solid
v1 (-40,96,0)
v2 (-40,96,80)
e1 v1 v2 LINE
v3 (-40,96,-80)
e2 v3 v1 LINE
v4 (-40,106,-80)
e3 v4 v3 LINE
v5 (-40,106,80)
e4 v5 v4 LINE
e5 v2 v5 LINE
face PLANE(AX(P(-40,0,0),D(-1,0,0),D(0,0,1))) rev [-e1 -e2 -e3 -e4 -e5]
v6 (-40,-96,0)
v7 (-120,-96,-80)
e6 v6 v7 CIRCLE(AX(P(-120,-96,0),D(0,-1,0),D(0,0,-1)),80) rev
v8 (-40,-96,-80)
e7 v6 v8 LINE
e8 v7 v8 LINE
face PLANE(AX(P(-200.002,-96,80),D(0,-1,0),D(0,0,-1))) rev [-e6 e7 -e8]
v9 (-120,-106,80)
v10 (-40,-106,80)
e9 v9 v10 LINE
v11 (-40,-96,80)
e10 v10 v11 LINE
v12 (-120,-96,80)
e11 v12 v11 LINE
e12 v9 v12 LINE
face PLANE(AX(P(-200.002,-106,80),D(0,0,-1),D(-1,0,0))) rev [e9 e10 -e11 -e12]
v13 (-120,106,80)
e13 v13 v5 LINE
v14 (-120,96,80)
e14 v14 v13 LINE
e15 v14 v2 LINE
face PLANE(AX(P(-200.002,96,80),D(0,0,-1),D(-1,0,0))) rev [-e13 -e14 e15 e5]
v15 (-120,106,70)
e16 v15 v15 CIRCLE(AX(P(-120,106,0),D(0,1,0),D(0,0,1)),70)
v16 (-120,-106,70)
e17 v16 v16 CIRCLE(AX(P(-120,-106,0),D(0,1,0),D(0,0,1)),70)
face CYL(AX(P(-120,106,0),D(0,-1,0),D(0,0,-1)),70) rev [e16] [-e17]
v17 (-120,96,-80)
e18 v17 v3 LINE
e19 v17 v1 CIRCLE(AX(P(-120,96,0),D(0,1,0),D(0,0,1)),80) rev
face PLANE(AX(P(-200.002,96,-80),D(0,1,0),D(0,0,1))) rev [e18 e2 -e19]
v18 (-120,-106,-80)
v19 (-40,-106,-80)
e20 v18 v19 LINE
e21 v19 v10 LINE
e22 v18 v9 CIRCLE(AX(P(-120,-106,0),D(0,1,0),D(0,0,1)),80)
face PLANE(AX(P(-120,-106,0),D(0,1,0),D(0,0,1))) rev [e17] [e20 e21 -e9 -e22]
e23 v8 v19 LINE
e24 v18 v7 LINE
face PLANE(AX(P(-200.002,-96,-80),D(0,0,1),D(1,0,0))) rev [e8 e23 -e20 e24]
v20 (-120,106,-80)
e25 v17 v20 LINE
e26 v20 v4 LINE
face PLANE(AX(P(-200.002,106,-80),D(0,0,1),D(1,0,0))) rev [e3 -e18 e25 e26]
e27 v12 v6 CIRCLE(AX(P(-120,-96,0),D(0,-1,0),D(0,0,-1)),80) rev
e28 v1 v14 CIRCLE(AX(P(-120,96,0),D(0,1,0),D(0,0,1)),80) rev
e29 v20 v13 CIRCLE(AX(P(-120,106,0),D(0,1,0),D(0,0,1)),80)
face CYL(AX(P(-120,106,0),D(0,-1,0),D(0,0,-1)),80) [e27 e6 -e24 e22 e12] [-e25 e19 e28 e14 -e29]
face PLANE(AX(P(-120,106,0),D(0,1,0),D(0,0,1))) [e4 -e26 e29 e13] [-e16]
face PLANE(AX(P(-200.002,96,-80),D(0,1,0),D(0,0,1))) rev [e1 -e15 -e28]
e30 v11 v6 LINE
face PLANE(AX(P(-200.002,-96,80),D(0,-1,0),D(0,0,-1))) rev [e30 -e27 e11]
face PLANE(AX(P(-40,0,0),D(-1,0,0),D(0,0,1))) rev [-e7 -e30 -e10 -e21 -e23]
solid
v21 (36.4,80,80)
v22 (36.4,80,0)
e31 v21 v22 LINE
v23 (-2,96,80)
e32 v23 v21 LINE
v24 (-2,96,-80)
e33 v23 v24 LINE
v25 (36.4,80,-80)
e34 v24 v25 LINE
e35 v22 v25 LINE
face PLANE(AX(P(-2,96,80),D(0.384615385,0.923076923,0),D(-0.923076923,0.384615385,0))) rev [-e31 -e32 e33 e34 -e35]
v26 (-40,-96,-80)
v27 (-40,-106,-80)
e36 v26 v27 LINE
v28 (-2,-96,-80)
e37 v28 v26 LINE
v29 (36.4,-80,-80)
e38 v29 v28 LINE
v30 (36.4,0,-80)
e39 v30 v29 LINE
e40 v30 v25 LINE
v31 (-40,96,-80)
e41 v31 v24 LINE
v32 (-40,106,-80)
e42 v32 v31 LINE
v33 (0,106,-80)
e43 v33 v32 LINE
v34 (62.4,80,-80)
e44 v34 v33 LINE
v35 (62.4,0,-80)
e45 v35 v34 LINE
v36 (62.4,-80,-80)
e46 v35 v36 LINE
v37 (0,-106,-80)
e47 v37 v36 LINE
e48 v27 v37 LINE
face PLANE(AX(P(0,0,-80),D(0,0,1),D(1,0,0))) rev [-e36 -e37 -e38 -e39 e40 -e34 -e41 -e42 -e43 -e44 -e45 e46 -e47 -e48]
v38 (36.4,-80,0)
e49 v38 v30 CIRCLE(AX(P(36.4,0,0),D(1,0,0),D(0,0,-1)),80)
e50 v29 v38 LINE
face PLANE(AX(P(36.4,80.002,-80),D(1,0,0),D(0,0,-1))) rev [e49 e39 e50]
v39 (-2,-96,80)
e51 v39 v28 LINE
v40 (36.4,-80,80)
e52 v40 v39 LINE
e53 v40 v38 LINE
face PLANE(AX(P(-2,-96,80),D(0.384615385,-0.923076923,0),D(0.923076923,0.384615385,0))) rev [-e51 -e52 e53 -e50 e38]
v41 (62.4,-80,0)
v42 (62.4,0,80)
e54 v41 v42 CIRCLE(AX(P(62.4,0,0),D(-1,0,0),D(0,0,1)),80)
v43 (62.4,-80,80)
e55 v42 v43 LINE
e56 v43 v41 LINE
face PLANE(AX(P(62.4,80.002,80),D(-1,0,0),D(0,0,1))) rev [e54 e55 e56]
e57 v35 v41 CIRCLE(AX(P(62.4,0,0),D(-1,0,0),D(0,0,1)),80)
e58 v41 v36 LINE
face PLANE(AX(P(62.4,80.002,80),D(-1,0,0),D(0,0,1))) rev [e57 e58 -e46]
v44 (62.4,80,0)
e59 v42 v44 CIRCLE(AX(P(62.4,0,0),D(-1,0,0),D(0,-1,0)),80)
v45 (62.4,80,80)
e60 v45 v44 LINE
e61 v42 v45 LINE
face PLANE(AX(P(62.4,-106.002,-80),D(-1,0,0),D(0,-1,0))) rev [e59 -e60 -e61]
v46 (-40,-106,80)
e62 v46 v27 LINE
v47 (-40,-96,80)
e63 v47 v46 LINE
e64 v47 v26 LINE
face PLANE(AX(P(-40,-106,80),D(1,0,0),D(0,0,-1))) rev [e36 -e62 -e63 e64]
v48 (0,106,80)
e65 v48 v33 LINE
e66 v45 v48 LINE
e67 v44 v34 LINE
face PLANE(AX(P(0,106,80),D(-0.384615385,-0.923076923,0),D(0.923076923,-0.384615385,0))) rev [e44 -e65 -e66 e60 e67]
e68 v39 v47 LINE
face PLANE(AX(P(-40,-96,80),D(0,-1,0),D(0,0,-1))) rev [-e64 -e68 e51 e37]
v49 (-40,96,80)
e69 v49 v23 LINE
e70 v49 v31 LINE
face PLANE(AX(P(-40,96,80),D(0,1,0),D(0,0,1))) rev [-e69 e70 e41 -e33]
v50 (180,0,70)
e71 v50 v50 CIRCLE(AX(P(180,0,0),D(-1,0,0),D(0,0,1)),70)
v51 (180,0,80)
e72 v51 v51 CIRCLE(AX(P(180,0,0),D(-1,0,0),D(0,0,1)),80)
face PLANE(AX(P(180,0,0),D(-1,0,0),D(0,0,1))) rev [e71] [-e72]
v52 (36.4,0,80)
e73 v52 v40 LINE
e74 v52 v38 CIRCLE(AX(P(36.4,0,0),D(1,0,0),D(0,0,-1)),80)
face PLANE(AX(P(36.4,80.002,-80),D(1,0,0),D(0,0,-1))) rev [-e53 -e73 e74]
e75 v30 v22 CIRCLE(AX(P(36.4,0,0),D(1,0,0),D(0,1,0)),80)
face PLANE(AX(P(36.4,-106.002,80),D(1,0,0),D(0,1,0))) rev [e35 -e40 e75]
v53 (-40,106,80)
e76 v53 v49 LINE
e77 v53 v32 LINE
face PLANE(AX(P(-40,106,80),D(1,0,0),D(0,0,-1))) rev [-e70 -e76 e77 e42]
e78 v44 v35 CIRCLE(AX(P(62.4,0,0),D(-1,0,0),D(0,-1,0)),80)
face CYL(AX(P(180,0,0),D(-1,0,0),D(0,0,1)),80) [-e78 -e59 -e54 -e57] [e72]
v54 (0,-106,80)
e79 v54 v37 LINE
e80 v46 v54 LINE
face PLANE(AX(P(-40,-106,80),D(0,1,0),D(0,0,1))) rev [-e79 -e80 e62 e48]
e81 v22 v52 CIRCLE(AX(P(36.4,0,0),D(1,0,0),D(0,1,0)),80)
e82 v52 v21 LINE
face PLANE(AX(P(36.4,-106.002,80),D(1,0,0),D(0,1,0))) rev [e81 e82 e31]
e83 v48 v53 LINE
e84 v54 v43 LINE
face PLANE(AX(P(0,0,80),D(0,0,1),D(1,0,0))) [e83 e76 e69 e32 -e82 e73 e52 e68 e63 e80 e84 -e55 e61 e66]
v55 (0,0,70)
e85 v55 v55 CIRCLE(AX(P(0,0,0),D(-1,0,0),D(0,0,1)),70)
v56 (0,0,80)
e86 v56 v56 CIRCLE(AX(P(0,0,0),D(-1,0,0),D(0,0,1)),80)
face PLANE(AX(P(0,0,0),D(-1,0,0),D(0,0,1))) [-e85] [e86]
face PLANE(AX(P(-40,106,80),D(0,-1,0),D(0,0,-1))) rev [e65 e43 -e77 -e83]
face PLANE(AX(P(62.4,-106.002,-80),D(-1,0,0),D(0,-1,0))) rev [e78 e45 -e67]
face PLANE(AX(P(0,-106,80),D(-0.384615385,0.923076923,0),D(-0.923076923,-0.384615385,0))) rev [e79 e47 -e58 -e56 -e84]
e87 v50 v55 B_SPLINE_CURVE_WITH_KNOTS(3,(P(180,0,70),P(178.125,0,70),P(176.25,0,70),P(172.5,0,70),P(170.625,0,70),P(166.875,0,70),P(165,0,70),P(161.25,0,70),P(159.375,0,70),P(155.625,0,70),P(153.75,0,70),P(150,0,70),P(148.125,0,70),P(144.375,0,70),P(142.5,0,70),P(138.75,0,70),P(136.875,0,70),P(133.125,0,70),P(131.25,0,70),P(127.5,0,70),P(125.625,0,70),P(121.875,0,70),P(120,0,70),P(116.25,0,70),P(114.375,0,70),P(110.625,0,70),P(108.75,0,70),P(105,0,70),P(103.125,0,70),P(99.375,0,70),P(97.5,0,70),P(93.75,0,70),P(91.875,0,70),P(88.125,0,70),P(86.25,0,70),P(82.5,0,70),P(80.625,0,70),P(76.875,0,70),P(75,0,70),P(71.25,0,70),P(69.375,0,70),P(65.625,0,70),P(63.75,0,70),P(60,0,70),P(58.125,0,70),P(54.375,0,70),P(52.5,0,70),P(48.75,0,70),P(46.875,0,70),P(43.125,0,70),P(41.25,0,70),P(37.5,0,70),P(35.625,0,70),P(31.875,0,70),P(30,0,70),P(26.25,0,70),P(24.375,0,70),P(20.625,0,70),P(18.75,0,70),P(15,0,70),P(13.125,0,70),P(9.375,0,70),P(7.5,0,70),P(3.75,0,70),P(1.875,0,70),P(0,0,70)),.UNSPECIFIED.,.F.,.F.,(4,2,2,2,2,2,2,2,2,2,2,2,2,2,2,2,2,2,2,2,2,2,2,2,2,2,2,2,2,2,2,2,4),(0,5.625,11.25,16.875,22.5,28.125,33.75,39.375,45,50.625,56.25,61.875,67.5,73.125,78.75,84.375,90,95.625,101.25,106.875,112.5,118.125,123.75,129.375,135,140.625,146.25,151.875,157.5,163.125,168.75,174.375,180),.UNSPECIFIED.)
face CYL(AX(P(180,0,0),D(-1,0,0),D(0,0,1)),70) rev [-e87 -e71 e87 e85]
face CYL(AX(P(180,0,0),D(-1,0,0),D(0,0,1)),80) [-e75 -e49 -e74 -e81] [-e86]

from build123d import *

# Parameters (mm, degrees)
SKETCH1_R                = 80
SKETCH1_R_2              = 70
BOSS_EXTRUDE1_DEPTH      = 106
SKETCH2_R                = 80
SKETCH2_R_2              = 70
BOSS_EXTRUDE2_DEPTH      = 180
BOSS_EXTRUDE4_DEPTH      = 80
BOSS_EXTRUDE4_2_DEPTH    = 80
BOSS_EXTRUDE8_REACH      = 258.975
BOSS_EXTRUDE8_END_RADIUS = 80
SKETCH6_W                = 160
SKETCH6_H                = 10
BOSS_EXTRUDE9_REACH      = 286.598
SKETCH7_W                = 26
SKETCH7_H                = 160
BOSS_EXTRUDE10_REACH     = 286.598
SKETCH9_W                = 26
SKETCH9_H                = 160


with BuildPart() as part:
    # Sketch1 → Boss-Extrude1 (new, symmetric)
    with BuildSketch(Plane(origin=(0, 0, 0), x_dir=(1, 0, 0), z_dir=(0, 1, 0))):
        with Locations(Location((-120, 0, 0), (0, 0, 270))):
            Circle(SKETCH1_R)
        with Locations(Location((-120, 0, 0), (0, 0, 270))):
            Circle(SKETCH1_R_2, mode=Mode.SUBTRACT)
    extrude(amount=BOSS_EXTRUDE1_DEPTH, both=True)

    # Boss-Extrude8: up to this cylinder (the profile starts outside it)
    boss_extrude8_end = Plane(origin=(-120, 0, 0), z_dir=(0, -1, 0)) * Cylinder(BOSS_EXTRUDE8_END_RADIUS, 880.95, mode=Mode.PRIVATE)
    # Sketch6 → Boss-Extrude8 (add, up to the surface)
    with BuildSketch(Plane.ZY.offset(40), mode=Mode.PRIVATE) as boss_extrude8_sk1:
        with Locations((0, -101)):
            Rectangle(SKETCH6_W, SKETCH6_H)
    boss_extrude8_tool1 = extrude(boss_extrude8_sk1.sketch, amount=BOSS_EXTRUDE8_REACH, mode=Mode.PRIVATE) - boss_extrude8_end
    add(boss_extrude8_tool1.solids().sort_by_distance((-40, -101, 0))[0])
    add(boss_extrude8_tool1.solids().sort_by_distance((-40, -101, 0))[1])
    # Sketch6 → Boss-Extrude8 (add, up to the surface)
    with BuildSketch(Plane.ZY.offset(40), mode=Mode.PRIVATE) as boss_extrude8_sk2:
        with Locations((0, 101)):
            Rectangle(SKETCH6_W, SKETCH6_H)
    boss_extrude8_tool2 = extrude(boss_extrude8_sk2.sketch, amount=BOSS_EXTRUDE8_REACH, mode=Mode.PRIVATE) - boss_extrude8_end
    add(boss_extrude8_tool2.solids().sort_by_distance((-40, 101, 0))[0])
    add(boss_extrude8_tool2.solids().sort_by_distance((-40, 101, 0))[1])


with BuildPart() as body_2:
    # Sketch2 → Boss-Extrude2 (new body)
    with BuildSketch(Plane.ZY):
        Circle(SKETCH2_R)
        Circle(SKETCH2_R_2, mode=Mode.SUBTRACT)
    extrude(amount=-BOSS_EXTRUDE2_DEPTH)

    # Sketch7 → Boss-Extrude9 (add, up to next)
    with BuildSketch(Plane(origin=(0, -80, 0), x_dir=(1, 0, 0), z_dir=(0, 1, 0)), mode=Mode.PRIVATE) as boss_extrude9_sk1:
        with Locations((49.4, 0)):
            Rectangle(SKETCH7_W, SKETCH7_H)
    boss_extrude9_tool1 = extrude(boss_extrude9_sk1.sketch, amount=BOSS_EXTRUDE9_REACH, mode=Mode.PRIVATE) - body_2.part


with BuildPart() as body_3:
    # Sketch4 → Boss-Extrude4 (new, symmetric)
    with BuildSketch(Plane.XY):
        Polygon((-40, 106), (0, 106), (62.4, 80), (36.4, 80), (-2, 96), (-40, 96), align=None)
    extrude(amount=BOSS_EXTRUDE4_DEPTH, both=True)


with BuildPart() as body_4:
    # Sketch4 → Boss-Extrude4 2 (new, symmetric)
    with BuildSketch(Plane.XY):
        Polygon((-40, -106), (0, -106), (62.4, -80), (36.4, -80), (-2, -96), (-40, -96), align=None)
    extrude(amount=BOSS_EXTRUDE4_2_DEPTH, both=True)


with BuildPart() as body_2_1:
    add(body_2.part)

    add(body_4.part)  # Boss-Extrude9 merges body 4
    add(boss_extrude9_tool1.solids().sort_by_distance((49.4, -80, 0))[0])
    add(boss_extrude9_tool1.solids().sort_by_distance((49.4, -80, 0))[1])

    # Sketch9 → Boss-Extrude10 (add, up to next)
    with BuildSketch(Plane.XZ.offset(-80), mode=Mode.PRIVATE) as boss_extrude10_sk1:
        with Locations((49.4, 0)):
            Rectangle(SKETCH9_W, SKETCH9_H)
    boss_extrude10_tool1 = extrude(boss_extrude10_sk1.sketch, amount=BOSS_EXTRUDE10_REACH, mode=Mode.PRIVATE) - body_2_1.part

    add(body_3.part)  # Boss-Extrude10 merges body 3
    add(boss_extrude10_tool1.solids().sort_by_distance((49.4, 80, 0))[0])
    add(boss_extrude10_tool1.solids().sort_by_distance((49.4, 80, 0))[1])


solid = Compound([part.part, body_2_1.part])
